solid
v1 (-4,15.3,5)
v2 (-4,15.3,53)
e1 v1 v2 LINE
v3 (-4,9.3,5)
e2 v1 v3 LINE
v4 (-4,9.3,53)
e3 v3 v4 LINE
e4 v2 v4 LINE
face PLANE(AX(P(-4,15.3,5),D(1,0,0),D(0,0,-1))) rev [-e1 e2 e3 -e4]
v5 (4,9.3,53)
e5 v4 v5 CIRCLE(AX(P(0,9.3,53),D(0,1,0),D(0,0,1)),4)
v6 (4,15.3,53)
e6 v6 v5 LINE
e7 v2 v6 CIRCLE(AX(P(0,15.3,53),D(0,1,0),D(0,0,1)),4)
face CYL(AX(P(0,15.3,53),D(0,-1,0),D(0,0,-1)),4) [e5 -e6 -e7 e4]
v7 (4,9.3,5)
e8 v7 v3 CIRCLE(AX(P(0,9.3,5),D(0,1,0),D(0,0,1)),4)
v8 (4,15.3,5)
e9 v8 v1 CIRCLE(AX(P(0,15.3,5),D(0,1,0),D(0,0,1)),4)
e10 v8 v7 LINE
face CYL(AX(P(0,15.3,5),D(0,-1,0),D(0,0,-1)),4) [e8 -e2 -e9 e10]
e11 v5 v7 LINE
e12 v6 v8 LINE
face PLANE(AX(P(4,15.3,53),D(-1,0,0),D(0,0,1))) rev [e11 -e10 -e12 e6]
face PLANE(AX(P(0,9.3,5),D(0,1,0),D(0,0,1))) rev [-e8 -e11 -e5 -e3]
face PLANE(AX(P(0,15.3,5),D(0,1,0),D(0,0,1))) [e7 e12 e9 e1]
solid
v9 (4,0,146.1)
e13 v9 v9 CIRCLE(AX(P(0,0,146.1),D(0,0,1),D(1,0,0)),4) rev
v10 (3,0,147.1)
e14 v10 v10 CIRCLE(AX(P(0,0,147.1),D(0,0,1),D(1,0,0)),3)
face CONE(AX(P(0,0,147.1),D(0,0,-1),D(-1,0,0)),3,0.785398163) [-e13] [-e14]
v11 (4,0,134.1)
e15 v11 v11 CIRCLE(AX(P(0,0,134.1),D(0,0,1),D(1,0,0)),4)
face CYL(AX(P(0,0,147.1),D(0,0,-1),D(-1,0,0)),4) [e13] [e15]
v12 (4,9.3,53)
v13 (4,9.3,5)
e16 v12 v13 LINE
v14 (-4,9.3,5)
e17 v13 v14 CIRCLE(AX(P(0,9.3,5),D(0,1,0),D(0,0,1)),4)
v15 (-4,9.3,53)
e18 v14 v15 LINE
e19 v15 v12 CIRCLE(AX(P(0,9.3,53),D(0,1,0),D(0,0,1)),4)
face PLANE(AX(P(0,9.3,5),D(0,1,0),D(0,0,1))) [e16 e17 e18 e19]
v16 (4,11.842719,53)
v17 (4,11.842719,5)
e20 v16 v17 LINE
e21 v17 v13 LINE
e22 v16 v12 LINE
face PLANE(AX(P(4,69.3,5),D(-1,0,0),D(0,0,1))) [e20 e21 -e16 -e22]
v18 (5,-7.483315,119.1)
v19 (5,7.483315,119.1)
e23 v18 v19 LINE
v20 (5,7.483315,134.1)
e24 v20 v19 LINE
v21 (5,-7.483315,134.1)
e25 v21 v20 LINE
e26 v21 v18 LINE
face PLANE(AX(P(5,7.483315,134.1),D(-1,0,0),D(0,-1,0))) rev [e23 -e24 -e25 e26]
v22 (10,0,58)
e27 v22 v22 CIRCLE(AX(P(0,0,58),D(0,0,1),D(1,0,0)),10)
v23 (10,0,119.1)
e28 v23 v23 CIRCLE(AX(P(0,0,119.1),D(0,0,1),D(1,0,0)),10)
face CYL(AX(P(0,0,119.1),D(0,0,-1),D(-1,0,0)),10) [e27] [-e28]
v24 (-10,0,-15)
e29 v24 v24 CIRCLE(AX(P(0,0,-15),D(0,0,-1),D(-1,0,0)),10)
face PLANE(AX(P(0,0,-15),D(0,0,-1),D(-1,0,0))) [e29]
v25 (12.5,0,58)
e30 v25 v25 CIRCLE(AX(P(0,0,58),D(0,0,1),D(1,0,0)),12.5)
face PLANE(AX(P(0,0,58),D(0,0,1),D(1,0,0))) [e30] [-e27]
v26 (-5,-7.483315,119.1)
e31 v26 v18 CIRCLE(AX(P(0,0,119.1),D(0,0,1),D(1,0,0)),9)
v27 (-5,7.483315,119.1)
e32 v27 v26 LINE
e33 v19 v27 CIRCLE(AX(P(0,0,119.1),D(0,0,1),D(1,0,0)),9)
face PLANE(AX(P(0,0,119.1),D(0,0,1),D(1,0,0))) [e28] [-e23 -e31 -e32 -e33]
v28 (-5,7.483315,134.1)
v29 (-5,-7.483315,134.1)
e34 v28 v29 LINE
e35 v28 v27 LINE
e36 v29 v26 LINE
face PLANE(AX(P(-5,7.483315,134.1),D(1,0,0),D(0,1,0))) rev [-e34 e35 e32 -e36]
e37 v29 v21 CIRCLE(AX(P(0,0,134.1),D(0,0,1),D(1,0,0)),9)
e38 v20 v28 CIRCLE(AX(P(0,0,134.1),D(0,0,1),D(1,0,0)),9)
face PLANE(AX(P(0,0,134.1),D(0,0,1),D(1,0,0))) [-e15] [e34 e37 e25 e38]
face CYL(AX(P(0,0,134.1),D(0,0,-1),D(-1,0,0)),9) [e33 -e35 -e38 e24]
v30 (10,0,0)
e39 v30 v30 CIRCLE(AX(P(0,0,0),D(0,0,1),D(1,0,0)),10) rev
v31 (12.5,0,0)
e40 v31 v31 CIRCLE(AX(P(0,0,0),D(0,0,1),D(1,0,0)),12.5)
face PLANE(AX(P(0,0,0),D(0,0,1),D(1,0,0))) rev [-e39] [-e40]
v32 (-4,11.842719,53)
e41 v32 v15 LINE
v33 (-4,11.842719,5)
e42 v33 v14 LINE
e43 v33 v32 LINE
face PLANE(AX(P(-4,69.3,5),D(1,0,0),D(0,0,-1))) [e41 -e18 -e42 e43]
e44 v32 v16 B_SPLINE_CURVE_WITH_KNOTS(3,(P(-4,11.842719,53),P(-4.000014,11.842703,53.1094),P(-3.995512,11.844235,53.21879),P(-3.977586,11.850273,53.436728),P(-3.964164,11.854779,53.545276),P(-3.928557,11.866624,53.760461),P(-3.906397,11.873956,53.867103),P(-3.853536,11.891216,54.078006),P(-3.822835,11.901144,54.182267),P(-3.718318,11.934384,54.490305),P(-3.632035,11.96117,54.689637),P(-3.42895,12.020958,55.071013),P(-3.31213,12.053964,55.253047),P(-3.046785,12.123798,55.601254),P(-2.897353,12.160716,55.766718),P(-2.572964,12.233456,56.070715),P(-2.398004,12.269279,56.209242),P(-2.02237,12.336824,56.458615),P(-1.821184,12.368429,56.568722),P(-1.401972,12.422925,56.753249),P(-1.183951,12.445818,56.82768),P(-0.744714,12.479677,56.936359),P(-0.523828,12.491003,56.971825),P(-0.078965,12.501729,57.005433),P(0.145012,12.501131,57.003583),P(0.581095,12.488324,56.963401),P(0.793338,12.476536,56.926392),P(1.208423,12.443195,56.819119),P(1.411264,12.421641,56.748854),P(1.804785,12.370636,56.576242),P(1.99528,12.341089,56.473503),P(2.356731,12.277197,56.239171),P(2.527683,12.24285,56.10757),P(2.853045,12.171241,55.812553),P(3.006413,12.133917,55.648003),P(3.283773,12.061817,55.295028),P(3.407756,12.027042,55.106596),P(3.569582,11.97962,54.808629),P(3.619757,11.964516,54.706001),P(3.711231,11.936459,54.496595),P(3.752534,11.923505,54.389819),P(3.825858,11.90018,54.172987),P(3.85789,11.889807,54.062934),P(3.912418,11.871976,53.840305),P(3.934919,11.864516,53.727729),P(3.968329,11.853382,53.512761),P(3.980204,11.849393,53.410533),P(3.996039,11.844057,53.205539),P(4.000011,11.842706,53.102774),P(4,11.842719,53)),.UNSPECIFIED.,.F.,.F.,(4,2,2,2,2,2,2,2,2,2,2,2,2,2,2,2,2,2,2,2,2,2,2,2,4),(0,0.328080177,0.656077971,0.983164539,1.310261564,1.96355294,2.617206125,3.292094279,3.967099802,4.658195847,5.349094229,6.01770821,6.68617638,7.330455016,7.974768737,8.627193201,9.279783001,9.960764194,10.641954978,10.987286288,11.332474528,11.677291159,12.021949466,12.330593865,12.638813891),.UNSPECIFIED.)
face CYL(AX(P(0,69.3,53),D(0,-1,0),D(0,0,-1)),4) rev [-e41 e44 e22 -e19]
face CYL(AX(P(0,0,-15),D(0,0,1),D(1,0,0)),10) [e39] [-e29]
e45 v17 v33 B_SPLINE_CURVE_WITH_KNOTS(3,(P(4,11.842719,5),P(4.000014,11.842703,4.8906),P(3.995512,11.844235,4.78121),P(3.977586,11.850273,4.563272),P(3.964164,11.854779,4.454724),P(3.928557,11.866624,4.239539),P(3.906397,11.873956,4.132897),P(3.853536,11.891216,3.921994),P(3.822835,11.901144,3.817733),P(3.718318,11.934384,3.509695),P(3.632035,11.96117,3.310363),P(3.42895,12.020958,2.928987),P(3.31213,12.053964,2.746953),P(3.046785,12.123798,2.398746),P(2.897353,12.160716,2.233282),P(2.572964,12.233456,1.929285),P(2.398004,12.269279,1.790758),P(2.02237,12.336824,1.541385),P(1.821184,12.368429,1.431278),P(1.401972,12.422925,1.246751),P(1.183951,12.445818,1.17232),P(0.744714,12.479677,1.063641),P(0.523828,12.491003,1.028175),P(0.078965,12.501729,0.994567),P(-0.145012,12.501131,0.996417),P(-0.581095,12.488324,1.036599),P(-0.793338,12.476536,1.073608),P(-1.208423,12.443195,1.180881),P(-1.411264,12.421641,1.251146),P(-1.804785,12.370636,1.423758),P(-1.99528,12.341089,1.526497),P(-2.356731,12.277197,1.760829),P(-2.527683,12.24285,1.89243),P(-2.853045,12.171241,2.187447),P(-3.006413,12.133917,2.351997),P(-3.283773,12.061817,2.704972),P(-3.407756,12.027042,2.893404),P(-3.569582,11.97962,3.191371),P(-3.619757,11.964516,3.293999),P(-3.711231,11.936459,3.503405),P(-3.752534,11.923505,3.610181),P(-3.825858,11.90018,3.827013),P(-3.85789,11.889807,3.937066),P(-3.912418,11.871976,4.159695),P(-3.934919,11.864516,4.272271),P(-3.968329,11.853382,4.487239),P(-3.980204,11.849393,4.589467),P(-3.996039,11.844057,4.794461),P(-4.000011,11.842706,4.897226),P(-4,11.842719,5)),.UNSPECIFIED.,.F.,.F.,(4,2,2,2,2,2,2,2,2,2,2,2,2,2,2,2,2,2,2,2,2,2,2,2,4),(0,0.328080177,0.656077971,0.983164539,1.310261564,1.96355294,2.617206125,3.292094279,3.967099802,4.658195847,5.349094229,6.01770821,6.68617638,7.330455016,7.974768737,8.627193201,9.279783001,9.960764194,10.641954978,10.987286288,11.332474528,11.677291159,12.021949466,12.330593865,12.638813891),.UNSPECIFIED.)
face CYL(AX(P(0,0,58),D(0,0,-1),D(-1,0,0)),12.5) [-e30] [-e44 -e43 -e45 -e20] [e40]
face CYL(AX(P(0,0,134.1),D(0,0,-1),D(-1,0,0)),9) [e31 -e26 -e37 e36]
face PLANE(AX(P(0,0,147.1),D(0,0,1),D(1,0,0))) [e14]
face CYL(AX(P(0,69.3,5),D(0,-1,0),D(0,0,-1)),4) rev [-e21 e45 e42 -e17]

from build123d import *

# Parameters (mm, degrees)
CROQUIS1_R              = 12.5
SALIENTE_EXTRUIR1_DEPTH = 58
CORTAR_EXTRUIR1_START   = 9.3
CORTAR_EXTRUIR1_DEPTH   = 60
CROQUIS3_R              = 10
SALIENTE_EXTRUIR2_DEPTH = 15
CROQUIS4_R              = 10
SALIENTE_EXTRUIR3_DEPTH = 61.1
SALIENTE_EXTRUIR4_DEPTH = 15
CROQUIS6_R              = 4
SALIENTE_EXTRUIR5_DEPTH = 13
CHAFL_N1_SIZE           = 1
SALIENTE_EXTRUIR6_DEPTH = 6


with BuildPart() as part:
    # Croquis1 → Saliente-Extruir1 (new body)
    with BuildSketch(Plane.XY):
        Circle(CROQUIS1_R)
    extrude(amount=SALIENTE_EXTRUIR1_DEPTH)

    # Croquis2 → Cortar-Extruir1 (cut)
    with BuildSketch(Plane(origin=(0, 0, 0), x_dir=(1, 0, 0), z_dir=(0, 1, 0)).offset(CORTAR_EXTRUIR1_START)):
        with BuildLine():
            Line((4, -5), (4, -53))
            ThreePointArc((4, -53), (0, -57), (-4, -53))
            Line((-4, -53), (-4, -5))
            ThreePointArc((-4, -5), (0, -1), (4, -5))
        make_face()
    extrude(amount=CORTAR_EXTRUIR1_DEPTH, mode=Mode.SUBTRACT)

    # Croquis3 → Saliente-Extruir2 (add)
    with BuildSketch(Plane(origin=(0, 0, 0), x_dir=(-1, 0, 0), z_dir=(0, 0, -1))):
        Circle(CROQUIS3_R)
    extrude(amount=SALIENTE_EXTRUIR2_DEPTH)

    # Croquis4 → Saliente-Extruir3 (add)
    with BuildSketch(Plane.XY.offset(58)):
        Circle(CROQUIS4_R)
    extrude(amount=SALIENTE_EXTRUIR3_DEPTH)

    # Croquis5 → Saliente-Extruir4 (add)
    with BuildSketch(Plane.XY.offset(119.1)):
        with BuildLine():
            Line((-5, 7.483314774), (-5, -7.483314774))
            ThreePointArc((-5, -7.483314774), (0, -9), (5, -7.483314774))
            Line((5, -7.483314774), (5, 7.483314774))
            ThreePointArc((5, 7.483314774), (0, 9), (-5, 7.483314774))
        make_face()
    extrude(amount=SALIENTE_EXTRUIR4_DEPTH)

    # Croquis6 → Saliente-Extruir5 (add)
    with BuildSketch(Plane.XY.offset(134.1)):
        Circle(CROQUIS6_R)
    extrude(amount=SALIENTE_EXTRUIR5_DEPTH)

    # Chaflán1
    chafl_n1_edges = [part.edges().sort_by_distance(p)[0] for p in [
        (-4, 0, 147.1),
    ]]
    chamfer(chafl_n1_edges, length=CHAFL_N1_SIZE)


with BuildPart() as body_2:
    # Croquis7 → Saliente-Extruir6 (new body)
    with BuildSketch(Plane(origin=(0, 9.3, 0), x_dir=(1, 0, 0), z_dir=(0, 1, 0))):
        with BuildLine():
            Line((-4, -5), (-4, -53))
            ThreePointArc((-4, -53), (0, -57), (4, -53))
            Line((4, -53), (4, -5))
            ThreePointArc((4, -5), (0, -1), (-4, -5))
        make_face()
    extrude(amount=SALIENTE_EXTRUIR6_DEPTH)


solid = Compound([part.part, body_2.part])
